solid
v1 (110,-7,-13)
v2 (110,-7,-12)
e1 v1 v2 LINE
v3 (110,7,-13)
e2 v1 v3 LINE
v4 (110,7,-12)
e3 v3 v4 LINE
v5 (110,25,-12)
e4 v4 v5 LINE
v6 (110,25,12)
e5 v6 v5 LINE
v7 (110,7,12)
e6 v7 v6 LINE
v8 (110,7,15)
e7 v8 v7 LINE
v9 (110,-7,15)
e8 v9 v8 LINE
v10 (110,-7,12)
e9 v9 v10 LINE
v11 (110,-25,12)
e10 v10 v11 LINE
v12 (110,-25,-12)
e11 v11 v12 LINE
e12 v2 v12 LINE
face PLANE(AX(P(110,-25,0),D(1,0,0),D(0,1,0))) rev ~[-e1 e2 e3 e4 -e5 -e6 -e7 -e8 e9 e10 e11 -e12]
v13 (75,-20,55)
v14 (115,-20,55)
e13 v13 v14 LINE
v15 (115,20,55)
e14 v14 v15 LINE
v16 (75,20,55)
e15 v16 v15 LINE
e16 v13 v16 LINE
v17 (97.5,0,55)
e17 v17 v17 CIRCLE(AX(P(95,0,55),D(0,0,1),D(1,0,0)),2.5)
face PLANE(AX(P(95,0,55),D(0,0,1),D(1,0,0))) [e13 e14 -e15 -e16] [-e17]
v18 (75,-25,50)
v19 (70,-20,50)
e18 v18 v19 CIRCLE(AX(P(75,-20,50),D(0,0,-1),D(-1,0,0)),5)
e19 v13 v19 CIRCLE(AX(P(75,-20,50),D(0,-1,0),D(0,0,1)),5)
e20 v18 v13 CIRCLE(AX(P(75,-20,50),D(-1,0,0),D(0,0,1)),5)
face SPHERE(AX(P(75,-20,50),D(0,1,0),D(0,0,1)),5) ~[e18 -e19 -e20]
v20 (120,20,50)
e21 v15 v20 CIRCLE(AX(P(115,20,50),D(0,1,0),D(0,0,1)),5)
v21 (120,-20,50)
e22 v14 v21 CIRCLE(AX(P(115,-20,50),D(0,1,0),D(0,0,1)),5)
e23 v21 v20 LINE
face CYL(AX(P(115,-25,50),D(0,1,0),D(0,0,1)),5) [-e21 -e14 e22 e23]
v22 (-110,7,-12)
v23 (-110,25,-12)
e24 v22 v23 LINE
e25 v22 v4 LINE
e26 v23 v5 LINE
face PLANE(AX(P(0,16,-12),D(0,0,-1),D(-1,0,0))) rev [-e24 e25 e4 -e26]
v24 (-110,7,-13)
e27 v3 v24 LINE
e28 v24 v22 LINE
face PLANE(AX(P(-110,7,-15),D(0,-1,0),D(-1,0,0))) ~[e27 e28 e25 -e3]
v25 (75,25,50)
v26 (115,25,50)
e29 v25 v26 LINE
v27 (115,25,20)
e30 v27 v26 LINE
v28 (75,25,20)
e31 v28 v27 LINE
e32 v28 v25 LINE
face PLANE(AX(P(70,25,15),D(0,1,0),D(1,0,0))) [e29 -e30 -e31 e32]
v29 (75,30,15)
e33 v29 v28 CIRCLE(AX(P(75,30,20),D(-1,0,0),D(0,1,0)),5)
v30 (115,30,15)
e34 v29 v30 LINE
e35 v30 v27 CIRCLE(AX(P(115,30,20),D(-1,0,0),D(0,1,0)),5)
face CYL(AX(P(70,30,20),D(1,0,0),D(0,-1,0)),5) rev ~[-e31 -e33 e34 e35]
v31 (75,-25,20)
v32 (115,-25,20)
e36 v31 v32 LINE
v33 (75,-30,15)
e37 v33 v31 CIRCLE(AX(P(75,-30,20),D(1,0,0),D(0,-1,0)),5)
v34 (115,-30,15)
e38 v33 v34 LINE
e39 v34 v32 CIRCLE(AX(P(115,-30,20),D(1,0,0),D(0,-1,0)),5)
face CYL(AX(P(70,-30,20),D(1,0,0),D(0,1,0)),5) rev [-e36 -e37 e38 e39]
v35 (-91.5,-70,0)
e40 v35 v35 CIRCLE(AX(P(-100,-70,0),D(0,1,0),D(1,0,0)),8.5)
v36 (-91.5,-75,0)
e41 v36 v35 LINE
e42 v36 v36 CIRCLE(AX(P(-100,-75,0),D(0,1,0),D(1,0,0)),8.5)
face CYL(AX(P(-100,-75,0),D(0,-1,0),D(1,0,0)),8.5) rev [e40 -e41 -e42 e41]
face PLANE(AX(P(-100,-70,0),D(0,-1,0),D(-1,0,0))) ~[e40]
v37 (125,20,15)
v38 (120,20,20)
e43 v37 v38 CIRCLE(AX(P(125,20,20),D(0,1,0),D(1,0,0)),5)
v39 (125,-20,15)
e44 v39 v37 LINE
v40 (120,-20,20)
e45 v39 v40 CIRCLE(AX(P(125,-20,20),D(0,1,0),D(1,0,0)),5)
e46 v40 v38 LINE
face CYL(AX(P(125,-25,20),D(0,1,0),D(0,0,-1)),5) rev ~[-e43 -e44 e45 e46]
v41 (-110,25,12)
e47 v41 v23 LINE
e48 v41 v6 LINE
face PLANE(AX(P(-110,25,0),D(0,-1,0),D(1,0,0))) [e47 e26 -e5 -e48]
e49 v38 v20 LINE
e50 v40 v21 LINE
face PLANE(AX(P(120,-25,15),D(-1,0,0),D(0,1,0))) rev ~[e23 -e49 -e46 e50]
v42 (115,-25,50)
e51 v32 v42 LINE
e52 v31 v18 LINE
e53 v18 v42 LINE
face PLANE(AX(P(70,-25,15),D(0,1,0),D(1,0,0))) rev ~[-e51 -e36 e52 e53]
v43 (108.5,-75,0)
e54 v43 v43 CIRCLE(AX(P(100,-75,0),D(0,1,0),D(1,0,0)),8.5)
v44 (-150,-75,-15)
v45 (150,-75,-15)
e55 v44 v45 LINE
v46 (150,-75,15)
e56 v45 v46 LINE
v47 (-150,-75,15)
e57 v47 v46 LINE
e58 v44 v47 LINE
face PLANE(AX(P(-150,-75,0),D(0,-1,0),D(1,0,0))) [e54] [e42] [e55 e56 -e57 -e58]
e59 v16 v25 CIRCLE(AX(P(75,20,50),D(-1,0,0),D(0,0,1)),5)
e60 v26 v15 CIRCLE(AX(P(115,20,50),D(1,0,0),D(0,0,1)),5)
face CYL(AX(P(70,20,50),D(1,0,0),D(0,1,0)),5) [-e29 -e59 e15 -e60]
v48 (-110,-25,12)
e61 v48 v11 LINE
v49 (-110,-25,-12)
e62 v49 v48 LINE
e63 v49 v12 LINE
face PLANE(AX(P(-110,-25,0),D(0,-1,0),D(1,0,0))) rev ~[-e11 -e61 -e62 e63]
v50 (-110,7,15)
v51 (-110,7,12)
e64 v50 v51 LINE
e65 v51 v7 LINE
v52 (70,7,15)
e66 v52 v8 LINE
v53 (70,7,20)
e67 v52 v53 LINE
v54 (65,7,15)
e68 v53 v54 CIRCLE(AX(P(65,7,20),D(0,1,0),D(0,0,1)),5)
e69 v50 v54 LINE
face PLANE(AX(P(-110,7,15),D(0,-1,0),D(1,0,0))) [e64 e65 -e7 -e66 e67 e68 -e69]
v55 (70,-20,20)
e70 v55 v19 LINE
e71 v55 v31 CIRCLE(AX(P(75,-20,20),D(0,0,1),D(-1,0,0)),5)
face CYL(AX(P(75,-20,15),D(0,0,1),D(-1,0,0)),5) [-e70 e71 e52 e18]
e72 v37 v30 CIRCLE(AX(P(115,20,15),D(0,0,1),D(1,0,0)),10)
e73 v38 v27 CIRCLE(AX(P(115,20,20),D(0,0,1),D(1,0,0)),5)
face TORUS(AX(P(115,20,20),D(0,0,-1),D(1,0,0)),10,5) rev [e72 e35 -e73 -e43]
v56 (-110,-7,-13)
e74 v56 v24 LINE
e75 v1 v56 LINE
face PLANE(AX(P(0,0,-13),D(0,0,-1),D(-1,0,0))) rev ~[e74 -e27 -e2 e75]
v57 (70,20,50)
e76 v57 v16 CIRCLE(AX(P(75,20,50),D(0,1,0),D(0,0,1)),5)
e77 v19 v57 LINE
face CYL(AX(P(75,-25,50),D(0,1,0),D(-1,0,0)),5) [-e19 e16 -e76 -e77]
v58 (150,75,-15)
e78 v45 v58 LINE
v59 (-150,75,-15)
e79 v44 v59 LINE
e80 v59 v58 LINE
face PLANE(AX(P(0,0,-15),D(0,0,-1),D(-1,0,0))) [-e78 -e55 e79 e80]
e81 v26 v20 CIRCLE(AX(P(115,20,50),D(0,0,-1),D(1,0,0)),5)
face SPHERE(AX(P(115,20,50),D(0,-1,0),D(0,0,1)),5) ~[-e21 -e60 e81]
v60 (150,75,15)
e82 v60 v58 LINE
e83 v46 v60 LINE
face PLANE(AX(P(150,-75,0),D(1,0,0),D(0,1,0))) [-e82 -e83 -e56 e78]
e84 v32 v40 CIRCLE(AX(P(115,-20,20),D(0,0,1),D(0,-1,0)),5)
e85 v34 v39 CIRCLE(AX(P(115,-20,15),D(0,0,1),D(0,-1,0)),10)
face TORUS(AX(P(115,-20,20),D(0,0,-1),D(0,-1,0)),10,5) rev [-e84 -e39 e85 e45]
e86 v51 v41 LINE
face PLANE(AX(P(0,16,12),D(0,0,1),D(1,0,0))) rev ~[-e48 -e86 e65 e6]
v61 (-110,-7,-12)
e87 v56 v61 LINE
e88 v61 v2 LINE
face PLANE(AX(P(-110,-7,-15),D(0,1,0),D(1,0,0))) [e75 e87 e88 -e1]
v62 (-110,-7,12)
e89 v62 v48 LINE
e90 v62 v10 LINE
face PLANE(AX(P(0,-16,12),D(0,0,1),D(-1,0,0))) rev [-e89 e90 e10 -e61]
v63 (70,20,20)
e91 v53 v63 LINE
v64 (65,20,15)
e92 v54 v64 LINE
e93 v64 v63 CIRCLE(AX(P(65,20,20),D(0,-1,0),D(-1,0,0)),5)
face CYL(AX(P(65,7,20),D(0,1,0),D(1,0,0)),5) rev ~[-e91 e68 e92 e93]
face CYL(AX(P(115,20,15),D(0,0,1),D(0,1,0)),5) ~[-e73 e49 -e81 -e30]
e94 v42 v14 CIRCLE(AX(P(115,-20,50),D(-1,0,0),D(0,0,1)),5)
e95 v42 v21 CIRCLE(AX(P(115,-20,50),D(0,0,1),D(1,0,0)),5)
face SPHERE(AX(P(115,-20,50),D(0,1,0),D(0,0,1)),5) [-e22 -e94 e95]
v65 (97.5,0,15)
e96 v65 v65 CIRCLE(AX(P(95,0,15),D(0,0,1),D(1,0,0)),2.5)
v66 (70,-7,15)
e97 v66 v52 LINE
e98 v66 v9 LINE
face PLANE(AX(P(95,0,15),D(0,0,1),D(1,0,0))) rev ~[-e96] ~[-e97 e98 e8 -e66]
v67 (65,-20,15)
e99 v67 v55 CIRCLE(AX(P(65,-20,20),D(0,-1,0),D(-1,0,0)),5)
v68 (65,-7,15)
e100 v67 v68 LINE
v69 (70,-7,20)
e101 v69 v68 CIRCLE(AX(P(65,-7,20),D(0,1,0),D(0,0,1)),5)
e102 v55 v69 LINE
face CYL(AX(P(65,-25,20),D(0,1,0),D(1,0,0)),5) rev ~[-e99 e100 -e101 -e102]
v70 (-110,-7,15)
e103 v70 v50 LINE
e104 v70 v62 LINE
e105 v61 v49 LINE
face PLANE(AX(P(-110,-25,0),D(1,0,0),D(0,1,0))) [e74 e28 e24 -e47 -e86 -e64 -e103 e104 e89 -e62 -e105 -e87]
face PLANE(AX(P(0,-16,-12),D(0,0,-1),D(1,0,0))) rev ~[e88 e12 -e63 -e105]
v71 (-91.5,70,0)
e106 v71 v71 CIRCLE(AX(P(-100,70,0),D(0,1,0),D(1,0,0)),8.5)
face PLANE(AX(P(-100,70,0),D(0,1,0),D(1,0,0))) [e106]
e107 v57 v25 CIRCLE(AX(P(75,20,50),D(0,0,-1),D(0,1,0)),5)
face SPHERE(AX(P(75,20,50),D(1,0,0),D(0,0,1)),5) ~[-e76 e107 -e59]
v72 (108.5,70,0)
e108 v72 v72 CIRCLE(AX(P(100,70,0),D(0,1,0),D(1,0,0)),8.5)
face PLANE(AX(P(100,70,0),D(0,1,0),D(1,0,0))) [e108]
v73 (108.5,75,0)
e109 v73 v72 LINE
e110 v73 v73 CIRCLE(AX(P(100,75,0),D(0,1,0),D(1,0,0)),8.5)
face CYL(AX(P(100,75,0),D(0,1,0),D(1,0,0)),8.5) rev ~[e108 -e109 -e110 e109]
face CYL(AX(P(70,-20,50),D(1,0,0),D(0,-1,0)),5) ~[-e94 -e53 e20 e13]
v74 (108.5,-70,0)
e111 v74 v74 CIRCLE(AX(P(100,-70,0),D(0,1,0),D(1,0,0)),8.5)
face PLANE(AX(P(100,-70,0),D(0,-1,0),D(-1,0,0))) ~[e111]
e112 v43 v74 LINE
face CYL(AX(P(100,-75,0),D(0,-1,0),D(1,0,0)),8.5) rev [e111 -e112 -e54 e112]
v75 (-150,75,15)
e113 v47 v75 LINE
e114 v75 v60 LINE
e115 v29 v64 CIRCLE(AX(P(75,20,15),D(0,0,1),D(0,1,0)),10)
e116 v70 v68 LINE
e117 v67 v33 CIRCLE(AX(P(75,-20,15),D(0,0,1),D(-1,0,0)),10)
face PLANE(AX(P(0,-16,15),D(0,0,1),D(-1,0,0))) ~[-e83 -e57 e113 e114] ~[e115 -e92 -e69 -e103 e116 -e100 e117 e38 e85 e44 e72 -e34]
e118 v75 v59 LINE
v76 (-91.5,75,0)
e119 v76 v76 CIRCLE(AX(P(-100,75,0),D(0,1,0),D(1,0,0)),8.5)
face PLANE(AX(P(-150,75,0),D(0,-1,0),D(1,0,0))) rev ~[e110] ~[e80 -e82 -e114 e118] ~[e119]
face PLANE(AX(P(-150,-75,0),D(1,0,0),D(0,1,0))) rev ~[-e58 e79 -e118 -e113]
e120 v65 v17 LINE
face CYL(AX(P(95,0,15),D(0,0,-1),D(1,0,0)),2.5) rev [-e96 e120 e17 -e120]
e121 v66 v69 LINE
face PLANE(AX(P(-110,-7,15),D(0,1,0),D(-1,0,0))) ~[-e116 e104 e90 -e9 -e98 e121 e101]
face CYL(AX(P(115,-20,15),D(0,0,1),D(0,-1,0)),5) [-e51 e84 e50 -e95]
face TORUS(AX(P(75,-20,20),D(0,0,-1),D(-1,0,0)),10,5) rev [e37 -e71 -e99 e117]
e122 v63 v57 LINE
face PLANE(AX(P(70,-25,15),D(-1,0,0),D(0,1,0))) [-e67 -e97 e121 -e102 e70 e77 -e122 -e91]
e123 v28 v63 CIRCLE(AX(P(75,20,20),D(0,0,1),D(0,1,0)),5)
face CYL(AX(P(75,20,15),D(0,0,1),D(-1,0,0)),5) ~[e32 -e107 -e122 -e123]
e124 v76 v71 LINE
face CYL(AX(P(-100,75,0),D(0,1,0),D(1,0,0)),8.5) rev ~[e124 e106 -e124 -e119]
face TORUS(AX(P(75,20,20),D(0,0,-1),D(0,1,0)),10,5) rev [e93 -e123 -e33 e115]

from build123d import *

# Parameters (mm, degrees)
SKETCH1_W               = 300
SKETCH1_H               = 150
SKETCH1_W_2             = 220
SKETCH1_H_2             = 50
BOSS_EXTRUDE2_DEPTH     = 15
SKETCH2_W               = 220
SKETCH2_H               = 18
BOSS_EXTRUDE3_DEPTH     = 3
MIRROR2_COPY_1_SKETCH_W = 220
MIRROR2_COPY_1_SKETCH_H = 18
MIRROR2_COPY_1_DEPTH    = 3
SKETCH3_W               = 220
SKETCH3_H               = 14
BOSS_EXTRUDE4_DEPTH     = 2
SKETCH5_R               = 8.5
CUT_EXTRUDE2_DEPTH      = 5
SKETCH6_W               = 50
SKETCH6_H               = 50
SKETCH6_R               = 2.5
BOSS_EXTRUDE5_DEPTH     = 40
FILLET3_R               = 5


with BuildPart() as part:
    # Sketch1 → Boss-Extrude2 (new body, symmetric)
    with BuildSketch(Plane.XY):
        Rectangle(SKETCH1_W, SKETCH1_H)
        Rectangle(SKETCH1_W_2, SKETCH1_H_2, mode=Mode.SUBTRACT)
    extrude(amount=BOSS_EXTRUDE2_DEPTH, both=True)

    # Sketch2 → Boss-Extrude3 (add)
    with BuildSketch(Plane.XY.offset(15)):
        with Locations((0, 16)):
            Rectangle(SKETCH2_W, SKETCH2_H)
    boss_extrude3 = extrude(amount=-BOSS_EXTRUDE3_DEPTH)

    # Mirror1: Boss-Extrude3 across plane
    add(boss_extrude3.mirror(Plane.XY))

    # Mirror2: Boss-Extrude3 across plane
    add(boss_extrude3.mirror(Plane.ZX))

    # Mirror2 copy 1 sketch → Mirror2 copy 1 (add)
    with BuildSketch(Plane(origin=(0, 0, -15), x_dir=(1, 0, 0), z_dir=(0, 0, -1))):
        with Locations((0, 16)):
            Rectangle(MIRROR2_COPY_1_SKETCH_W, MIRROR2_COPY_1_SKETCH_H)
    extrude(amount=-MIRROR2_COPY_1_DEPTH)

    # Sketch3 → Boss-Extrude4 (add)
    with BuildSketch(Plane(origin=(0, 0, -15), x_dir=(-1, 0, 0), z_dir=(0, 0, -1))):
        Rectangle(SKETCH3_W, SKETCH3_H)
    extrude(amount=-BOSS_EXTRUDE4_DEPTH)

    # Sketch5 → Cut-Extrude2 (cut)
    with BuildSketch(Plane(origin=(0, 75, 0), x_dir=(1, 0, 0), z_dir=(0, 1, 0))):
        with Locations((-100, 0)):
            Circle(SKETCH5_R)
        with Locations((100, 0)):
            Circle(SKETCH5_R)
    cut_extrude2 = extrude(amount=-CUT_EXTRUDE2_DEPTH, mode=Mode.SUBTRACT)

    # Mirror3: Cut-Extrude2 across plane
    add(cut_extrude2.mirror(Plane.ZX), mode=Mode.SUBTRACT)

    # Sketch6 → Boss-Extrude5 (add)
    with BuildSketch(Plane.XY.offset(15)):
        with Locations((95, 0)):
            Rectangle(SKETCH6_W, SKETCH6_H)
        with Locations((95, 0)):
            Circle(SKETCH6_R, mode=Mode.SUBTRACT)
    extrude(amount=BOSS_EXTRUDE5_DEPTH)

    # Fillet3
    fillet3_edges = [part.edges().sort_by_distance(p)[0] for p in [
        (70, -16, 15),
        (120, 0, 55),
        (95, 25, 55),
        (70, 0, 55),
        (95, -25, 55),
        (120, 0, 15),
        (120, -25, 35),
        (95, 25, 15),
        (120, 25, 35),
        (70, 16, 15),
        (70, 25, 35),
        (95, -25, 15),
        (70, -25, 35),
    ]]
    fillet(fillet3_edges, radius=FILLET3_R)


solid = part.part
